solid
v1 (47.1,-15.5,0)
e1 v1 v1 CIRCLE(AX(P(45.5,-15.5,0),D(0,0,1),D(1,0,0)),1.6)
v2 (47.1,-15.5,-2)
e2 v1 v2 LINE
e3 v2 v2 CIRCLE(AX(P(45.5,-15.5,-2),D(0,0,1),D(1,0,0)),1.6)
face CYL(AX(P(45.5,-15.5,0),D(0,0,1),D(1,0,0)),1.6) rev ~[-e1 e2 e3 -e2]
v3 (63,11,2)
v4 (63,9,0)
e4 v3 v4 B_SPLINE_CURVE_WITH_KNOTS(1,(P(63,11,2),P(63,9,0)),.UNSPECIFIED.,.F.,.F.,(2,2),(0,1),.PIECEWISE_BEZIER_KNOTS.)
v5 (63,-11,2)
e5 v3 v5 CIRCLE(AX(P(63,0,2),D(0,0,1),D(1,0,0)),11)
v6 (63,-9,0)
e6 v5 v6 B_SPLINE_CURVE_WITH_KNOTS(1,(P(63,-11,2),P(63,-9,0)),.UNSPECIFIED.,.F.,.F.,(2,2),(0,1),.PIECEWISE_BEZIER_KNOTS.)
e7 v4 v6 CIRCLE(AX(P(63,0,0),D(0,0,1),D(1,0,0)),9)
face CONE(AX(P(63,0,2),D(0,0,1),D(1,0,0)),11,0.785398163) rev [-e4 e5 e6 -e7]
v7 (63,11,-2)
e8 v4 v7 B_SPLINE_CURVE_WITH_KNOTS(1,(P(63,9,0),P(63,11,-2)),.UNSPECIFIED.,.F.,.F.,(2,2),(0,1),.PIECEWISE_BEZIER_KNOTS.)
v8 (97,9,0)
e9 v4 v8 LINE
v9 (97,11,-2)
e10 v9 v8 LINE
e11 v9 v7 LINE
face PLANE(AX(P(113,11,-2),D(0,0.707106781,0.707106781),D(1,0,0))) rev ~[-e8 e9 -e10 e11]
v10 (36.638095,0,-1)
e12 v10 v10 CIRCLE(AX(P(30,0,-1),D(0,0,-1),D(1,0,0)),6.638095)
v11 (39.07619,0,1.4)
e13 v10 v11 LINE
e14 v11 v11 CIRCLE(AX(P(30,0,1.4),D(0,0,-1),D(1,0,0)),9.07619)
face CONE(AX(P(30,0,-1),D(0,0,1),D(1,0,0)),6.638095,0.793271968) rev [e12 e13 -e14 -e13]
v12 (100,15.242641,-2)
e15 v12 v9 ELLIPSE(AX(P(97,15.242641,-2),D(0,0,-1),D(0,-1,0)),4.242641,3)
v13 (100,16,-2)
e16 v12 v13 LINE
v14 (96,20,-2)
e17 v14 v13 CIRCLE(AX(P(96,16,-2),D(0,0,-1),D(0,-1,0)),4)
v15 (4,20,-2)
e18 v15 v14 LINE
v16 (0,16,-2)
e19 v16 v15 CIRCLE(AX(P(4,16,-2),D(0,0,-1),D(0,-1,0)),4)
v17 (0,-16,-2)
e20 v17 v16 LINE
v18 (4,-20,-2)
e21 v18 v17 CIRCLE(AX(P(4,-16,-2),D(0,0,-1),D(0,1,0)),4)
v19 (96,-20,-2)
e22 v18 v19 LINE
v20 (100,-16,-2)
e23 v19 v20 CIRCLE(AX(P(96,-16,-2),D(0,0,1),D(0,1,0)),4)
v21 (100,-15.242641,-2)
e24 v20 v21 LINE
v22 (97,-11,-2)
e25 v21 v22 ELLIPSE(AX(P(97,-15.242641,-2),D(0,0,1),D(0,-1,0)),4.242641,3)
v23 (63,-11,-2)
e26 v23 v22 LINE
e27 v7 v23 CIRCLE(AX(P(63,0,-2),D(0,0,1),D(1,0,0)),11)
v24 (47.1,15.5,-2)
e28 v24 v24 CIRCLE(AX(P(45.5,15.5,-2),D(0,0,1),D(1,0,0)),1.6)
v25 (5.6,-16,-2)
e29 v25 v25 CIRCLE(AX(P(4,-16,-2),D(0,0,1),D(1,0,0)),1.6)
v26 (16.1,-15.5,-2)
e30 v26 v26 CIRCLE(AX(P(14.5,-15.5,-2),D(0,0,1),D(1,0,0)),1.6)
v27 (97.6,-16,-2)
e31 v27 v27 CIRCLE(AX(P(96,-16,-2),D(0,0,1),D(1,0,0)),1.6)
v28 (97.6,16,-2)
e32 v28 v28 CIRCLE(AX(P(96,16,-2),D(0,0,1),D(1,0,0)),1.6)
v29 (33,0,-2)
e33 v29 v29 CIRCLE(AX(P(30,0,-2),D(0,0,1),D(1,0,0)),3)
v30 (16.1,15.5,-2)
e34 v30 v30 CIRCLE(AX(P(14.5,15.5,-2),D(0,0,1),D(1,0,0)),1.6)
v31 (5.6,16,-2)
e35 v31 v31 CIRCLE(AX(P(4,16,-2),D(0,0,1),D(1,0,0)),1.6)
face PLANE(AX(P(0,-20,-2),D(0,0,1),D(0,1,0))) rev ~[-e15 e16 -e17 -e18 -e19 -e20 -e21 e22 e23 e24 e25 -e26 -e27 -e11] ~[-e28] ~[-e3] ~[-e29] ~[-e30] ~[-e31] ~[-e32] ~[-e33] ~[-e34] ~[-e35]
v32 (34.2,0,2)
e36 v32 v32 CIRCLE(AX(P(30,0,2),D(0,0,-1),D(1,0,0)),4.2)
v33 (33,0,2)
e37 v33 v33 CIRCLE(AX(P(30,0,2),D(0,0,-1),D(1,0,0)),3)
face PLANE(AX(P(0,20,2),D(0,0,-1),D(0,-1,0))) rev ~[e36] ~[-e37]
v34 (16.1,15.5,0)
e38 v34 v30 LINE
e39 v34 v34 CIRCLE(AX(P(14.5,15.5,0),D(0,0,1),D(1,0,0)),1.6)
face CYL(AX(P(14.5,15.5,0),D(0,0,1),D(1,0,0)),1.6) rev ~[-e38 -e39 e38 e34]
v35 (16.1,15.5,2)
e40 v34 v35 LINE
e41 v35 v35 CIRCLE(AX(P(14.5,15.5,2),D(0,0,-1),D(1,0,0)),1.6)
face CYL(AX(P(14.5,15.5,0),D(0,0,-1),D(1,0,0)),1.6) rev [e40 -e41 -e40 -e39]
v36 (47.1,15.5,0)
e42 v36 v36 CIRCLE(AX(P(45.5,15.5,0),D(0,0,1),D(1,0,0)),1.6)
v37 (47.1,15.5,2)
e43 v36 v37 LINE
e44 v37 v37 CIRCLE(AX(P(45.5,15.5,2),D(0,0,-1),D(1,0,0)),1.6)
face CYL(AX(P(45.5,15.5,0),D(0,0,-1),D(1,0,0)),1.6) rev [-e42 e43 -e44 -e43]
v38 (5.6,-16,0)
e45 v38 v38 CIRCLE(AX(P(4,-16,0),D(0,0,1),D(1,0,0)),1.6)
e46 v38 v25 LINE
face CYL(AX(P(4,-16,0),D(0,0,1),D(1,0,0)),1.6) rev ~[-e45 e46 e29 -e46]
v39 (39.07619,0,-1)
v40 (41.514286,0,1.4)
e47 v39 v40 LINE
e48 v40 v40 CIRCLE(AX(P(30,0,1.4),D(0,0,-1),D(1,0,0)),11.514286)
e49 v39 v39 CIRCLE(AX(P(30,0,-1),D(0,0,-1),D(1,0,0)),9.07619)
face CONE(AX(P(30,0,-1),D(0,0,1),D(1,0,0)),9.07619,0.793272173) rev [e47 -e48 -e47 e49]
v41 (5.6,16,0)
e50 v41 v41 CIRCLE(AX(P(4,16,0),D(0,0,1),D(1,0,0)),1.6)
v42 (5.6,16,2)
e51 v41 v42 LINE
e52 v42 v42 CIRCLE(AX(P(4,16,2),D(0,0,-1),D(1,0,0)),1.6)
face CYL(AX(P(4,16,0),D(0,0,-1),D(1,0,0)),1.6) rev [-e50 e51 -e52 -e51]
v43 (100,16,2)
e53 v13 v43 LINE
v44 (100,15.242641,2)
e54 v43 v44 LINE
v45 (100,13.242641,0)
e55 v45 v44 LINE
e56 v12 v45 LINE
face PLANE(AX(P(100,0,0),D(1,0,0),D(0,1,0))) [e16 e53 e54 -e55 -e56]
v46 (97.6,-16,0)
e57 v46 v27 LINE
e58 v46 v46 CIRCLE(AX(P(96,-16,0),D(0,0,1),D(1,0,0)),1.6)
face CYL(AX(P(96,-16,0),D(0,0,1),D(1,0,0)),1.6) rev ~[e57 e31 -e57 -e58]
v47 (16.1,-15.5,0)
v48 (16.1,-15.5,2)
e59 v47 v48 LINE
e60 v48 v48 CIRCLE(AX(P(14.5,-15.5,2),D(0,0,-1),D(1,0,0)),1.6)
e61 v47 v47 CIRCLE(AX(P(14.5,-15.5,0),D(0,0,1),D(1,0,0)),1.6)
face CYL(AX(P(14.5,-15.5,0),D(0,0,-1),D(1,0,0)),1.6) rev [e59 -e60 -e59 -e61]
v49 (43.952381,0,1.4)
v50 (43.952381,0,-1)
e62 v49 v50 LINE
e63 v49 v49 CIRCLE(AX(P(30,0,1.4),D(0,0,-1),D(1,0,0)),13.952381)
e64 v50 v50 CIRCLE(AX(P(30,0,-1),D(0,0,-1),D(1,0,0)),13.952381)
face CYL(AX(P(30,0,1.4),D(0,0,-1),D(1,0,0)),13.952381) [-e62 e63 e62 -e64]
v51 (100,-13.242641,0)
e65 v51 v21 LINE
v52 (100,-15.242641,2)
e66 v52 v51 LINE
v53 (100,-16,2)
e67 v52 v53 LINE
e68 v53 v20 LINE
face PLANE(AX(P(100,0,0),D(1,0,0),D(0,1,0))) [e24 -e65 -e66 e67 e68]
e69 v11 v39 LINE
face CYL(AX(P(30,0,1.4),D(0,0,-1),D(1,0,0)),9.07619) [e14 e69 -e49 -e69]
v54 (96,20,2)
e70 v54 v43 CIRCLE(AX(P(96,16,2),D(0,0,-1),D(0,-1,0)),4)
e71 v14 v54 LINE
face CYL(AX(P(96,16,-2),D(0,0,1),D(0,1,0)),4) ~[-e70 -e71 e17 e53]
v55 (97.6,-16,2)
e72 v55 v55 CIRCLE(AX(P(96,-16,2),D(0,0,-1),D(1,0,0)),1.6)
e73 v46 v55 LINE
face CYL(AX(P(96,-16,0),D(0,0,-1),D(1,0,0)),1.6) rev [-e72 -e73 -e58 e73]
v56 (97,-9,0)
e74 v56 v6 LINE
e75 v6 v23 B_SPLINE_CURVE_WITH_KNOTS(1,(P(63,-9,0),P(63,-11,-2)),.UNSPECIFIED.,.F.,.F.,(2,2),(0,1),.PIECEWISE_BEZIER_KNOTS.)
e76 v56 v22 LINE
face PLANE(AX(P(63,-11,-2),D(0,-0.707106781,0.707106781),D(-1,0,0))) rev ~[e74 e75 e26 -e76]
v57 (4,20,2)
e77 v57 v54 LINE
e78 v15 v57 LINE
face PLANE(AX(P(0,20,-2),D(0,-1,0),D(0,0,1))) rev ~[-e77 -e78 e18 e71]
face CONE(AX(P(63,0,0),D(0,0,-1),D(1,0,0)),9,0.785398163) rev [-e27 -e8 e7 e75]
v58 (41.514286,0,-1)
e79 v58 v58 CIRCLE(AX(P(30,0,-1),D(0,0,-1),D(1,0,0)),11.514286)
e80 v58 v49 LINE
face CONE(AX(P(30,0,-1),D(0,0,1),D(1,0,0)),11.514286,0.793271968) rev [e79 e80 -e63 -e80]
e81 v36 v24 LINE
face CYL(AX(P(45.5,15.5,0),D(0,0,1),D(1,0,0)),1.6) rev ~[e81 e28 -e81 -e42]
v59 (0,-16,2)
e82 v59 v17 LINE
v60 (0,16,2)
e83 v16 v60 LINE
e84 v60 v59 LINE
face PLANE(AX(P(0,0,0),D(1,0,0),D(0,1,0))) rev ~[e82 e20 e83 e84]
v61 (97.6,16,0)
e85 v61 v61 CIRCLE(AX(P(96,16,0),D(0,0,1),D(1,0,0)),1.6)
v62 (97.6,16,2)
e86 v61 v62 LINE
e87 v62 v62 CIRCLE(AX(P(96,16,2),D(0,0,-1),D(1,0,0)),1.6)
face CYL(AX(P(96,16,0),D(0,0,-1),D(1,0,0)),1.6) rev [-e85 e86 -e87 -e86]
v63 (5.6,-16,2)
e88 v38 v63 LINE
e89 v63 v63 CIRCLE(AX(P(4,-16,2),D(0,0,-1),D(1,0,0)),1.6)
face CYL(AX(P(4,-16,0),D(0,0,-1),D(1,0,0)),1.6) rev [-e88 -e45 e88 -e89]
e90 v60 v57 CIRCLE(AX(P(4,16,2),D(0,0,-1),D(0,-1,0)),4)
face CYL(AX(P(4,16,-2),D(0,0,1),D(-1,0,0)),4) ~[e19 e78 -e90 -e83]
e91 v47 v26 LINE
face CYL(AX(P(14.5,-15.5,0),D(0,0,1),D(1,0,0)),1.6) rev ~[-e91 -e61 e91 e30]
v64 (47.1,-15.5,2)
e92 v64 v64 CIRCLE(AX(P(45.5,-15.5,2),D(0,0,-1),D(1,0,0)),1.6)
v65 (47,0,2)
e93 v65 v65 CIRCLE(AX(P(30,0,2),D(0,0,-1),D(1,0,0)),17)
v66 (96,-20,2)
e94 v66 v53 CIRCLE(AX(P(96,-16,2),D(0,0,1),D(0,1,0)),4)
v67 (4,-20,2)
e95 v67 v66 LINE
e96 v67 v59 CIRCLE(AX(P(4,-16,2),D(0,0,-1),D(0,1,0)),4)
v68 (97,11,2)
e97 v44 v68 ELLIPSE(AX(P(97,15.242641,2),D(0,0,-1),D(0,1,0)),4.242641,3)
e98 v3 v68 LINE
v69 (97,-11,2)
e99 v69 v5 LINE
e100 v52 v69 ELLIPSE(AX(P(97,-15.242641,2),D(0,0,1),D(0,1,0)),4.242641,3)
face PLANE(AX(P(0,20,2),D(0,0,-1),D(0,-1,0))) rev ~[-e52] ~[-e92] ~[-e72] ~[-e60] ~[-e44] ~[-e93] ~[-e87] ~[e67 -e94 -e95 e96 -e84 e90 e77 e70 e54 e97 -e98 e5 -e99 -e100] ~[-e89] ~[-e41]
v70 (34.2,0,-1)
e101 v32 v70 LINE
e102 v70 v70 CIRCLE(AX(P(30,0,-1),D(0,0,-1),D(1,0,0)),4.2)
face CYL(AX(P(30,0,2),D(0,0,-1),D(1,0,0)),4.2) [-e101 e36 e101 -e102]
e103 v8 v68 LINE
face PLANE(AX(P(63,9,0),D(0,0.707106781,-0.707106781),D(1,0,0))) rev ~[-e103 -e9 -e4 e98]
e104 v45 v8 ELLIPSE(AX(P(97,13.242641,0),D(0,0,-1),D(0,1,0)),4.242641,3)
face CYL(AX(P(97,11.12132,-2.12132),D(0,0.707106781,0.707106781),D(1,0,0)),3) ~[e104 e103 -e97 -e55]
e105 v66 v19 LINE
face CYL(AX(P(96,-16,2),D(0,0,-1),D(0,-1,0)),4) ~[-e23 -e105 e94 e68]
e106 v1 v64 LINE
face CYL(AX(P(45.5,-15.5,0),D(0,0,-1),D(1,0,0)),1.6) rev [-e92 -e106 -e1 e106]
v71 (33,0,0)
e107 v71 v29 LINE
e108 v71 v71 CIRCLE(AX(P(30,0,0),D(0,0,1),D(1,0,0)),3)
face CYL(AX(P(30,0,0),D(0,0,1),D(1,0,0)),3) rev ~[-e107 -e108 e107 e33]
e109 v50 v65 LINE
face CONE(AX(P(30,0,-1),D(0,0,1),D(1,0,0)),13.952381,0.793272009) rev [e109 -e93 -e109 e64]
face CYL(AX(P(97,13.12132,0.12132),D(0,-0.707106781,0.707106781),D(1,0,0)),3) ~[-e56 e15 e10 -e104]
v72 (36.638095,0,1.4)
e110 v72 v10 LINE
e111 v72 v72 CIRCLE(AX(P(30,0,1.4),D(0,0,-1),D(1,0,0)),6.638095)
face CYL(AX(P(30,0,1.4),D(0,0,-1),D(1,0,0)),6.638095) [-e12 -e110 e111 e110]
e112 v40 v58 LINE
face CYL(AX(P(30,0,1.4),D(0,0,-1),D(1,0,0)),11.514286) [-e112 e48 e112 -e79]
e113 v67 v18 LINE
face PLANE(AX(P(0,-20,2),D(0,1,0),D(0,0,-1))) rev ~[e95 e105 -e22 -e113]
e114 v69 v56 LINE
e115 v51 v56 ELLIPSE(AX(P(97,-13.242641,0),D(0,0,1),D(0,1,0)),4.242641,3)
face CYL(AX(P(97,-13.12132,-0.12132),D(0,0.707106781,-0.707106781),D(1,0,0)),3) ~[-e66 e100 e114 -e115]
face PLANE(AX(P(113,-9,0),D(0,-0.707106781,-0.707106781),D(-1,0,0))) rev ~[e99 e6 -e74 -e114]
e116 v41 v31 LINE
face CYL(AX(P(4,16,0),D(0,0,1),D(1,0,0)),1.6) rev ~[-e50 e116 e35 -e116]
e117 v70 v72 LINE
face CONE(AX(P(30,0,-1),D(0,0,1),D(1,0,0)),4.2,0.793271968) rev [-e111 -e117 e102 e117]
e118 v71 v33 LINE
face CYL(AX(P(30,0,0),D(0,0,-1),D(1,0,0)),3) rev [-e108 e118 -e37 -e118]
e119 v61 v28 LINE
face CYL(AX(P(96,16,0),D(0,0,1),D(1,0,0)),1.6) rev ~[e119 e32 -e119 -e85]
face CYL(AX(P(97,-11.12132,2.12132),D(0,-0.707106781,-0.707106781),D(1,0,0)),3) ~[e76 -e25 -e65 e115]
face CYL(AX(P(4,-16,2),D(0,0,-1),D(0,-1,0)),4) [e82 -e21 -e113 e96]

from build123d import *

# Parameters (mm, degrees)
PAD_DEPTH         = 100
SKETCH001_R       = 1.6
SKETCH001_R_2     = 3
POCKET_DEPTH      = 2.001
POCKET_DEPTH_BACK = 2.001
SKETCH004_R       = 11
SKETCH003_R       = 9
SKETCH005_R       = 11
FILLET_R          = 4
FILLET001_R       = 3


with BuildPart() as part:
    # Sketch → Pad (new body)
    with BuildSketch(Plane.YZ):
        Polygon((0, 2), (-20, 2), (-20, 0), (-20, -2), (0, -2), (20, -2), (20, 0), (20, 2), align=None)
    extrude(amount=PAD_DEPTH)

    # Sketch001 → Pocket (cut, two sides)
    with BuildSketch(Plane.XY) as pocket_sk:
        with Locations((14.5, 15.5)):
            Circle(SKETCH001_R)
        with Locations((45.5, 15.5)):
            Circle(SKETCH001_R)
        with Locations((45.5, -15.5)):
            Circle(SKETCH001_R)
        with Locations((14.5, -15.5)):
            Circle(SKETCH001_R)
        with Locations((30, 0)):
            Circle(SKETCH001_R_2)
        with Locations((4, 16)):
            Circle(SKETCH001_R)
        with Locations((4, -16)):
            Circle(SKETCH001_R)
        with Locations((96, 16)):
            Circle(SKETCH001_R)
        with Locations((96, -16)):
            Circle(SKETCH001_R)
    extrude(amount=-POCKET_DEPTH, mode=Mode.SUBTRACT)
    extrude(pocket_sk.sketch, amount=POCKET_DEPTH_BACK, mode=Mode.SUBTRACT)

    # Sketch004 (on DatumPlane) → SubtractiveLoft section 0
    with BuildSketch(Plane.XY.offset(2)):
        with Locations((63, 0)):
            Circle(SKETCH004_R)
    # Sketch003 → SubtractiveLoft section 1
    with BuildSketch(Plane.XY):
        with Locations((63, 0)):
            Circle(SKETCH003_R)
    # Sketch005 (on DatumPlane) → SubtractiveLoft section 2
    with BuildSketch(Plane.XY.offset(-2)):
        with Locations((63, 0)):
            Circle(SKETCH005_R)
    loft(ruled=True, mode=Mode.SUBTRACT)

    # Sketch007 (on DatumPlane) → SubtractiveLoft001 section 0
    with BuildSketch(Plane.XY.offset(2)):
        Polygon((63, 0), (63, 11), (113, 11), (113, -11), (63, -11), align=None)
    # Sketch006 → SubtractiveLoft001 section 1
    with BuildSketch(Plane.XY):
        Polygon((63, 0), (63, 9), (113, 9), (113, -9), (63, -9), align=None)
    # Sketch008 (on DatumPlane) → SubtractiveLoft001 section 2
    with BuildSketch(Plane.XY.offset(-2)):
        Polygon((63, 11), (63, 0), (63, -11), (113, -11), (113, 11), align=None)
    loft(ruled=True, mode=Mode.SUBTRACT)

    # Sketch009 (on DatumPlane) → Groove (revolve, cut)
    with BuildSketch(Plane(origin=(30, 0, 0), x_dir=(1, 0, 0), z_dir=(0, 1, 0))):
        Polygon((4.2, -2), (4.2, 1), (6.638095, -1.4), (6.638095, 1), (9.07619, -1.4), (9.07619, 1), (11.514286, -1.4), (11.514286, 1), (13.952381, -1.4), (13.952381, 1), (17, -2), align=None)
    revolve(axis=Axis((30, 0, 0), (0, 0, -1)), mode=Mode.SUBTRACT)

    # Fillet
    fillet_edges = [part.edges().sort_by_distance(p)[0] for p in [
        (0, -20, 1),
        (0, 20, 1),
        (100, 20, 1),
        (100, -20, 1),
    ]]
    fillet(fillet_edges, radius=FILLET_R)

    # Fillet001
    fillet001_edges = [part.edges().sort_by_distance(p)[0] for p in [
        (100, -10, 1),
        (100, 10, 1),
        (100, 10, -1),
        (100, -10, -1),
    ]]
    fillet(fillet001_edges, radius=FILLET001_R)


solid = part.part
